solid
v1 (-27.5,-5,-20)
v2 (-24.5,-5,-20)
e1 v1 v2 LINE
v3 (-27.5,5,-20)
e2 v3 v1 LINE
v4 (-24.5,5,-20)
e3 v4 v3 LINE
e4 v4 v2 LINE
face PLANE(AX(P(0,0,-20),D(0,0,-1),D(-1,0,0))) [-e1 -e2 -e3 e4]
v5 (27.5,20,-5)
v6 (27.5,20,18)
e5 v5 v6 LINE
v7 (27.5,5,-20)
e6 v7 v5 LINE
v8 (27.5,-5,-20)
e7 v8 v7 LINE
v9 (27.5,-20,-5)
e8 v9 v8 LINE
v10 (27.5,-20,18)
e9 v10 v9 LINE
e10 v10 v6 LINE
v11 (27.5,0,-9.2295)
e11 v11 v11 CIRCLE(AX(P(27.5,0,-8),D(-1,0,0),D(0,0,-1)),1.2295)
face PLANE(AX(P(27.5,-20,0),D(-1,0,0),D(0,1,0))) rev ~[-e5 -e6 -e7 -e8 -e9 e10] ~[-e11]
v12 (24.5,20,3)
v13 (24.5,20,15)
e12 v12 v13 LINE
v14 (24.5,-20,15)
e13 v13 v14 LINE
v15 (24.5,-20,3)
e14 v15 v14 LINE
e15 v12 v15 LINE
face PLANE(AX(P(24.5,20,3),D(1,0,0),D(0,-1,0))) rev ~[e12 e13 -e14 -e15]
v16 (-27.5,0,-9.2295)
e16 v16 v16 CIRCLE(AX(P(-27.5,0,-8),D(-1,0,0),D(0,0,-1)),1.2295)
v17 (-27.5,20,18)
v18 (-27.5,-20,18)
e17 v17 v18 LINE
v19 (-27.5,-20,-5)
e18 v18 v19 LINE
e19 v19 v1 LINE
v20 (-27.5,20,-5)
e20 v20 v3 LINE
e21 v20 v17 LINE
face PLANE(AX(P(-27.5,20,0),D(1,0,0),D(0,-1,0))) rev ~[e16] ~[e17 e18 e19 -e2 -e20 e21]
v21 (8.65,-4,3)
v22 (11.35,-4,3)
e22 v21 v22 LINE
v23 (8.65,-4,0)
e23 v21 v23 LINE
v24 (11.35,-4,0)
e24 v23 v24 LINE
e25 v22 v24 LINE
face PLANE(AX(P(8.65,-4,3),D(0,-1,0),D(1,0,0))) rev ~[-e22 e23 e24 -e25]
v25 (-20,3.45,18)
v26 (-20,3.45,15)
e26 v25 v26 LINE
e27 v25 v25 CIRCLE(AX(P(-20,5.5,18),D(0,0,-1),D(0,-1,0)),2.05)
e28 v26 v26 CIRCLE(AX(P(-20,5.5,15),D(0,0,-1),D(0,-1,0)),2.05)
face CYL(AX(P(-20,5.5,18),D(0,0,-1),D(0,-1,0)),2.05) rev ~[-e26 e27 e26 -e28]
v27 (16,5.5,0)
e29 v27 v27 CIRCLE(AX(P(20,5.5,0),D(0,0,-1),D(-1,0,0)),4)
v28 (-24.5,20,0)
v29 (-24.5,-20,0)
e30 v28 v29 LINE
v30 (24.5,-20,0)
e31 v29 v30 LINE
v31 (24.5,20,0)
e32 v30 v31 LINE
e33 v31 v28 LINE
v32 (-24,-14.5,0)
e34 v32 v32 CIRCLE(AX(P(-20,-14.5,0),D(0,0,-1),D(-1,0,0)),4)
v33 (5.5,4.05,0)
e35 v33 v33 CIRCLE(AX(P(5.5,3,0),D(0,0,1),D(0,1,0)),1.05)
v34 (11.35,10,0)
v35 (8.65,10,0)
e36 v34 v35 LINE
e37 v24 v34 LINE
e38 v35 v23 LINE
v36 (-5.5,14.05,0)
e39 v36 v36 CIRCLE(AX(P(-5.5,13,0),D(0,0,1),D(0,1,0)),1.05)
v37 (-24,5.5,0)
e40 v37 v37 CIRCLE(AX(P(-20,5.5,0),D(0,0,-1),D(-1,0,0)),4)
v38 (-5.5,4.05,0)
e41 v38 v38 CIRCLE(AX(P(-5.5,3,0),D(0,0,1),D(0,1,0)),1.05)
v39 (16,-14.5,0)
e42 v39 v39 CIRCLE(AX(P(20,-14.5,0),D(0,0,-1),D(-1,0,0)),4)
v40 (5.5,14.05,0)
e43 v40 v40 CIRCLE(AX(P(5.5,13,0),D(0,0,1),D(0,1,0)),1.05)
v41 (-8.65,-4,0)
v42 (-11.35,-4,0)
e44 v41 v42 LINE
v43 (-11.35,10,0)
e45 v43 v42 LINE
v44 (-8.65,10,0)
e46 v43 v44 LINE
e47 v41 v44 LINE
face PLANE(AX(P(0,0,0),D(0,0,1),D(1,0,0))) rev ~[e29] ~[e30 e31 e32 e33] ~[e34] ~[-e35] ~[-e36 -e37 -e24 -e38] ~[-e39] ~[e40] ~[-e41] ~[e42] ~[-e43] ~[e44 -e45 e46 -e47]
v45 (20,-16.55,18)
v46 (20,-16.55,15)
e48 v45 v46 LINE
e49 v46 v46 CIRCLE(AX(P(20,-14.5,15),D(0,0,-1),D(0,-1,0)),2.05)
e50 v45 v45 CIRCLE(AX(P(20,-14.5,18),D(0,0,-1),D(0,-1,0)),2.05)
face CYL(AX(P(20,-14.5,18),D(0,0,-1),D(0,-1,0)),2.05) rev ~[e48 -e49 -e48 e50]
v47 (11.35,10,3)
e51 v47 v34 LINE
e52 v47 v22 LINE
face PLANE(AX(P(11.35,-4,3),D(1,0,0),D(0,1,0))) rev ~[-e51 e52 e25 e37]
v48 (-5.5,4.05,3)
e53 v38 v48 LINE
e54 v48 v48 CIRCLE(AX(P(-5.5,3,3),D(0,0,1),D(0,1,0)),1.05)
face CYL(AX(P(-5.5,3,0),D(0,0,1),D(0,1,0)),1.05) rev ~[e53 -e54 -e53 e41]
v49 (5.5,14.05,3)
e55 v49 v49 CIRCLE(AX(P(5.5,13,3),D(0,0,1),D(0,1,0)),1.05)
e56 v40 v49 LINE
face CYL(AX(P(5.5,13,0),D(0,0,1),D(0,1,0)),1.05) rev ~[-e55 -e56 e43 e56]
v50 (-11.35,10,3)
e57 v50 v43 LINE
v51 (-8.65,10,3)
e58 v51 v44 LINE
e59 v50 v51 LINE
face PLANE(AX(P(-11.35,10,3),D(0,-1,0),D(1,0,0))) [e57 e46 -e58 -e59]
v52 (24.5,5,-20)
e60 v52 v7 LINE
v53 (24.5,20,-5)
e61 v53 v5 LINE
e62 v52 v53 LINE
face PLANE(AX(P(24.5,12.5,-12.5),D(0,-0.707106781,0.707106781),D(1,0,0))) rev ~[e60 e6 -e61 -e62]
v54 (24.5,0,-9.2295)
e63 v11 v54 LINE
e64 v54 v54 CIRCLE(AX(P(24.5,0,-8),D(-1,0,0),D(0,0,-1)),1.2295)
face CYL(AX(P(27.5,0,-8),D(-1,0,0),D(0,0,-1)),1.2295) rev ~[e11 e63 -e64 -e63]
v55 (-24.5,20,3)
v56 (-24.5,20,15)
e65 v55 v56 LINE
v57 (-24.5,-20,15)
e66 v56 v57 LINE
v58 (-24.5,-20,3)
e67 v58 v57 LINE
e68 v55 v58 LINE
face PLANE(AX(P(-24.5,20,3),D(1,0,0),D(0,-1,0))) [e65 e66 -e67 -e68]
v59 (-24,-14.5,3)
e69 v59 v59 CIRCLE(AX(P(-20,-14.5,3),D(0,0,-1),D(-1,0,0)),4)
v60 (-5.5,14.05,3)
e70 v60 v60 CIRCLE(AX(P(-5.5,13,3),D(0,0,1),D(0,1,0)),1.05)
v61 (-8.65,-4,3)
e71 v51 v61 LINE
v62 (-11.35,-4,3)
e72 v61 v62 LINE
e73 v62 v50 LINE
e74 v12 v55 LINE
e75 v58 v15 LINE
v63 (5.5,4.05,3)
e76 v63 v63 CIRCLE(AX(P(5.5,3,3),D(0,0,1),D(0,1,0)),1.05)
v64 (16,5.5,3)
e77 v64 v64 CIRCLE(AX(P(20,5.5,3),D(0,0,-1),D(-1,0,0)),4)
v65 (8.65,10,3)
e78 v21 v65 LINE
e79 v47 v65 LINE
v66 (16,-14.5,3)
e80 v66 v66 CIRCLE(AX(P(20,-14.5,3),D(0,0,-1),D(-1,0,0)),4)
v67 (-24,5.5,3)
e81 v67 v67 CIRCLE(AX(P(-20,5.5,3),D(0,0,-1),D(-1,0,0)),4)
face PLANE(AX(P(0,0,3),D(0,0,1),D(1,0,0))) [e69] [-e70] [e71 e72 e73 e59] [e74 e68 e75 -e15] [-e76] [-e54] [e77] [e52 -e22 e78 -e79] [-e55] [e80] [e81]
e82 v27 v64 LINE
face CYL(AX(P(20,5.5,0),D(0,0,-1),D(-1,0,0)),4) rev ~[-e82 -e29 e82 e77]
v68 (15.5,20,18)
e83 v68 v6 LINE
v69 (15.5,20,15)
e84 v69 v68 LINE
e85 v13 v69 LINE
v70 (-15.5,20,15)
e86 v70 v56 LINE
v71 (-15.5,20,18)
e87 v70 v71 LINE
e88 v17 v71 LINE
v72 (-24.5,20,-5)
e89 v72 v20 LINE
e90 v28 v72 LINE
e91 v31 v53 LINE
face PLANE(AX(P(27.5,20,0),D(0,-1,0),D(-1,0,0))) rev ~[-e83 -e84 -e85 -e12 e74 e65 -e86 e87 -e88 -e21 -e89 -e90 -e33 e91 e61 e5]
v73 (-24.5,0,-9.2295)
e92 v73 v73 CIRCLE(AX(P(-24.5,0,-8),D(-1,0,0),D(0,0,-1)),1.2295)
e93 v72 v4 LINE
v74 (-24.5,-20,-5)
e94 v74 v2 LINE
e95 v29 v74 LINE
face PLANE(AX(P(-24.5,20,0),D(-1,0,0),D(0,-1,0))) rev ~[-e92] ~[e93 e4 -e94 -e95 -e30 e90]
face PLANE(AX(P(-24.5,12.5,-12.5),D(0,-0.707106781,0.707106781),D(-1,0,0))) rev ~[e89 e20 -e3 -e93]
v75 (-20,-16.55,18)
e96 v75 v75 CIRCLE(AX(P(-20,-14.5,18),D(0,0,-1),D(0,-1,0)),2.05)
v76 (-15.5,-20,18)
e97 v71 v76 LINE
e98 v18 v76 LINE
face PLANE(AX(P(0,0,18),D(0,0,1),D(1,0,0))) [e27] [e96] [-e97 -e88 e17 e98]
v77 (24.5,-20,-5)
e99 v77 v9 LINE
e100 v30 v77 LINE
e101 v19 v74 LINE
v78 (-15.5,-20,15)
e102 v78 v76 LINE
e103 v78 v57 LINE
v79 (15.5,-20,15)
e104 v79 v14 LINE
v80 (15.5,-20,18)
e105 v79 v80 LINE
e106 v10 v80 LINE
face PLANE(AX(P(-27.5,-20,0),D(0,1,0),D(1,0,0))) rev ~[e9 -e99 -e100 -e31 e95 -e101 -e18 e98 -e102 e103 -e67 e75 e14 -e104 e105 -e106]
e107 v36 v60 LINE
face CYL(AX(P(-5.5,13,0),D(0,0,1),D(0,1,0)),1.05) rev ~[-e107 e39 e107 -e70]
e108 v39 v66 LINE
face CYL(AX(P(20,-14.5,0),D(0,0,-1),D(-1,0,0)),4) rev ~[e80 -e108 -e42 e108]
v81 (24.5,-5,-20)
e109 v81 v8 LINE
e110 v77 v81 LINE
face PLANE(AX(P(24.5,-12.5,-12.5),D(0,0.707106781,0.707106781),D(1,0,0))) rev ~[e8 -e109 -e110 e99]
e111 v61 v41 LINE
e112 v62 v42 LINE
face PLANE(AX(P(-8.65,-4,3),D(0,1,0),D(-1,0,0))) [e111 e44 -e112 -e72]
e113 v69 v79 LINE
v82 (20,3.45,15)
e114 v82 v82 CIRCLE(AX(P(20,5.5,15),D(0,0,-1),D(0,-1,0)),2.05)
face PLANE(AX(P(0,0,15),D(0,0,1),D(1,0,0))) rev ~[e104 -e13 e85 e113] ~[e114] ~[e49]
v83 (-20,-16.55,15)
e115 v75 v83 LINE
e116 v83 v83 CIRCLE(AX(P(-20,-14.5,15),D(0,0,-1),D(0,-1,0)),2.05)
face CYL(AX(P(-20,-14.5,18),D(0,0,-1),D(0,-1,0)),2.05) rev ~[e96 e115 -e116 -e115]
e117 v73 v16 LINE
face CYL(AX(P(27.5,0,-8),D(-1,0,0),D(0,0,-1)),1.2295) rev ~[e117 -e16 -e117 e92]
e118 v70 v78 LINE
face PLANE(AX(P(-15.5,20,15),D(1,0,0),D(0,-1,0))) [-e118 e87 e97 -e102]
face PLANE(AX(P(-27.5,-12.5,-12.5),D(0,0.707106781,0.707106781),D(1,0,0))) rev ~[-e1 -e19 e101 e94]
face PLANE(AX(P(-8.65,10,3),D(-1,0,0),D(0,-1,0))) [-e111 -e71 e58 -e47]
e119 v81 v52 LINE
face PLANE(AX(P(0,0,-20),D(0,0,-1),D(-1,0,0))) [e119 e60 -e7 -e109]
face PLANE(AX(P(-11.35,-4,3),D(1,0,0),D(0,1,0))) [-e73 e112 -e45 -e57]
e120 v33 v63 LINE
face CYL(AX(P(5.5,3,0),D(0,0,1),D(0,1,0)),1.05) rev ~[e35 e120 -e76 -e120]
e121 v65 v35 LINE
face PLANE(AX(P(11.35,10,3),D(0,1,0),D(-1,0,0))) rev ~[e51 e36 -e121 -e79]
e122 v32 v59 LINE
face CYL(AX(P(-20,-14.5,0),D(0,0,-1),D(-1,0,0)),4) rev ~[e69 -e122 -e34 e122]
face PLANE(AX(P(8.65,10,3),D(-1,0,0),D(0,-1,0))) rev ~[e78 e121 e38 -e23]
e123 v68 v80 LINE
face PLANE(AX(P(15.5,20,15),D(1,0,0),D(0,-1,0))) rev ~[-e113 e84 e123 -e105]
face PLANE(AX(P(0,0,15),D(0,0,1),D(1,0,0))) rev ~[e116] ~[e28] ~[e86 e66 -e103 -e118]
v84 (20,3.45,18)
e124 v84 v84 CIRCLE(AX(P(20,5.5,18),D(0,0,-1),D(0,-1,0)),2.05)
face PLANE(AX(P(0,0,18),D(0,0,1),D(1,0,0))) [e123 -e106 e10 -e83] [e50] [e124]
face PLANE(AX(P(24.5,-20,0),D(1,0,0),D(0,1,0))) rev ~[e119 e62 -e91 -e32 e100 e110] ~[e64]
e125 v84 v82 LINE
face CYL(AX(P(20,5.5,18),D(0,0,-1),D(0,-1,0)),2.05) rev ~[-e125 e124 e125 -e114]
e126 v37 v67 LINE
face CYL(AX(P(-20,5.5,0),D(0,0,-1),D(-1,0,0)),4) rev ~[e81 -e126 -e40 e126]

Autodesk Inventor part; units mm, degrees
ref_plane "YZ Plane" through (0, 0, 0) normal (1, 0, 0) x (0, 1, 0)
ref_plane "XZ Plane" through (0, 0, 0) normal (0, 1, 0) x (-1, 0, 0)
ref_plane "XY Plane" through (0, 0, 0) normal (0, 0, 1) x (1, 0, 0)
sketch "Sketch1" plane through (0, 0, 0) normal (0, 0, 1) x (1, 0, 0)
  line L0 (27.5, 20) -> (-27.5, 20)
  line L1 (-27.5, 20) -> (-27.5, -20)
  line L2 (-27.5, -20) -> (27.5, -20)
  line L3 (27.5, -20) -> (27.5, 20)
  line L4 (27.5, 20) -> (-27.5, -20) construction
  line L5 (-27.5, 20) -> (27.5, -20) construction
  point P0 (0, 0)
  dimension "d0" = 55
  dimension "d1" = 40
extrude "Extrusion1" add sketch "Sketch1" along normal blind 3
sketch "Sketch2" plane through (0, 0, 3) normal (0, 0, 1) x (1, 0, 0)
  line L0 (27.5, 20) -> (-27.5, 20) projected
  line L1 (-27.5, 20) -> (-27.5, -20) projected
  line L2 (-27.5, -20) -> (27.5, -20) projected
  line L3 (27.5, -20) -> (27.5, 20) projected
  line L4 (-27.5, 20) -> (-24.5, 20)
  line L5 (-24.5, 20) -> (-24.5, -20)
  line L6 (-24.5, -20) -> (-27.5, -20)
  line L7 (-27.5, -20) -> (-27.5, 20)
  line L8 (27.5, 20) -> (24.5, 20)
  line L9 (24.5, 20) -> (24.5, -20)
  line L10 (24.5, -20) -> (27.5, -20)
  line L11 (27.5, -20) -> (27.5, 20)
  point P0 (0, 0)
  dimension "d4" = 3
  dimension "d5" = 3
extrude "Extrusion2" add sketch "Sketch2" along normal blind 12 contours L3 L2 L9 L0 | L5 L2 L1 L0
sketch "Sketch3" plane through (0, 0, 15) normal (0, 0, 1) x (1, 0, 0)
  line L0 (-27.5, 20) -> (-27.5, -20) projected
  line L1 (-27.5, -20) -> (-24.5, -20) projected
  line L2 (-24.5, -20) -> (-24.5, 20) projected
  line L3 (-24.5, 20) -> (-27.5, 20) projected
  line L4 (27.5, 20) -> (24.5, 20) projected
  line L5 (24.5, 20) -> (24.5, -20) projected
  line L6 (24.5, -20) -> (27.5, -20) projected
  line L7 (27.5, -20) -> (27.5, 20) projected
  line L8 (-27.5, -20) -> (27.5, -20) projected
  line L9 (-27.5, 20) -> (-15.5, 20)
  line L10 (-15.5, 20) -> (-15.5, -20)
  line L11 (-15.5, -20) -> (-27.5, -20)
  line L12 (-27.5, -20) -> (-27.5, 20)
  line L13 (27.5, 20) -> (15.5, 20)
  line L14 (15.5, 20) -> (15.5, -20)
  line L15 (15.5, -20) -> (27.5, -20)
  line L16 (27.5, -20) -> (27.5, 20)
  point P0 (0, 0)
  dimension "d8" = 12
  dimension "d9" = 12
extrude "Extrusion3" add sketch "Sketch3" along normal blind 3
sketch "Sketch4" plane through (0, 0, 18) normal (0, 0, 1) x (1, 0, 0)
  line L0 (-15.5, 20) -> (-27.5, 20) projected
  point P0 (0, 0)
  point P1 (-20, 5.5)
  point P2 (20, 5.5)
  point P3 (20, -14.5)
  point P4 (-20, -14.5)
  dimension "d12" = 40
  dimension "d13" = 20
  dimension "d14" = 14.5
  dimension "d15" = 20
hole "Hole1" at (-20, 5.5, 18) at (20, 5.5, 18) at (20, -14.5, 18) at (-20, -14.5, 18) direction (0, 0, -1) diameter 4.1 depth 8.8 tip angle 118
sketch "Sketch5" plane through (0, 0, 0) normal (0, 0, -1) x (-1, 0, 0)
  circle A0 centre (20, -14.5) radius 2.05 projected
  circle A1 centre (20, 5.5) radius 2.05 projected
  circle A2 centre (-20, 5.5) radius 2.05 projected
  circle A3 centre (-20, -14.5) radius 2.05 projected
  circle A4 centre (20, -14.5) radius 4
  circle A5 centre (-20, -14.5) radius 2.05 projected
  circle A6 centre (-20, -14.5) radius 4
  circle A7 centre (-20, 5.5) radius 4
  circle A8 centre (20, 5.5) radius 4
  point P0 (0, 0)
  dimension "d23" = 8
  dimension "d24" = 8
  dimension "d25" = 8
  dimension "d26" = 8
extrude "Extrusion4" cut sketch "Sketch5" against normal blind 3 contours A0 | A1 | A2 | A3 | A4 | A6 | A7 | A8
sketch "Sketch6" plane through (0, 0, 0) normal (0, 0, -1) x (-1, 0, 0)
  line L0 (-27.5, 20) -> (27.5, 20) projected
  point P0 (0, 0)
  point P1 (5.5, 3)
  point P2 (-5.5, 3)
  point P3 (-5.5, 13)
  point P4 (5.5, 13)
  dimension "d29" = 5.5
  dimension "d30" = 11
  dimension "d31" = 10
  dimension "d56" = 7
hole "Hole2" at (-5.5, 3, 0) at (5.5, 3, 0) at (5.5, 13, 0) at (-5.5, 13, 0) direction (0, 0, 1) diameter 2.1 depth 8.8 tip angle 118
sketch "Sketch8" plane through (0, 0, 0) normal (0, 0, -1) x (-1, 0, 0)
  line L0 (24.5, 20) -> (24.5, -20) projected
  line L1 (27.5, 20) -> (27.5, -20) projected
  line L2 (-24.5, -20) -> (-24.5, 20) projected
  line L3 (-27.5, -20) -> (-27.5, 20) projected
  line L4 (27.5, -20) -> (24.5, -20)
  line L5 (24.5, -20) -> (24.5, 20)
  line L6 (24.5, 20) -> (27.5, 20)
  line L7 (27.5, 20) -> (27.5, -20)
  line L8 (27.5, -20) -> (-27.5, -20) projected
  line L9 (-27.5, -20) -> (-24.5, -20)
  line L10 (-24.5, -20) -> (-24.5, 20)
  line L11 (-24.5, 20) -> (-27.5, 20)
  line L12 (-27.5, 20) -> (-27.5, -20)
  point P0 (0, 0)
extrude "Extrusion5" add sketch "Sketch8" along normal blind 20
sketch "Sketch9" plane through (27.5, -20, 18) normal (1, 0, 0) x (0, 0, -1)
  point P0 (18, 20)
chamfer "Chamfer1" distance 15 angle 45 1 edges at (26, -20, -20)
chamfer "Chamfer2" distance 15 angle 45 3 edges at (26, 20, -20) (-26, -20, -20) (-26, 20, -20)
sketch "Sketch11" plane through (27.5, -20, 18) normal (1, 0, 0) x (0, 0, -1)
  line L0 (38, 25) -> (38, 15) projected
  point P0 (18, 20)
  point P1 (26, 20)
  dimension "d48" = 12
hole "Hole3" at (27.5, 0, -8) direction (-1, 0, 0) diameter 2.459 end through all thread size "M3x0.5" class "6H" standard "ANSI Metric M Profile"
sketch "Sketch13" plane through (0, 0, 3) normal (0, 0, 1) x (1, 0, 0)
  line L0 (24.5, 20) -> (-24.5, 20) projected
  point P0 (0, 0)
  point P1 (-10, 1)
  point P2 (10, 1)
  dimension "d57" = 19
  dimension "d58" = 10
  dimension "d59" = 20
  dimension "d60" = 19
hole "Hole4" at (-10, 1, 3) at (10, 1, 3) direction (0, 0, -1) diameter 2.7 end through all
sketch "Sketch14" plane through (0, 0, 3) normal (0, 0, 1) x (1, 0, 0)
  line L0 (-8.65, -4) -> (-11.35, -4)
  line L1 (-11.35, -4) -> (-11.35, 10)
  line L2 (-11.35, 10) -> (-8.65, 10)
  line L3 (-8.65, 10) -> (-8.65, -4)
  line L4 (-8.65, -4) -> (-11.35, 10) construction
  line L5 (-11.35, -4) -> (-8.65, 10) construction
  line L6 (24.5, 20) -> (-24.5, 20) projected
  line L7 (11.35, 10) -> (8.65, 10)
  line L8 (8.65, 10) -> (8.65, -4)
  line L9 (8.65, -4) -> (11.35, -4)
  line L10 (11.35, -4) -> (11.35, 10)
  point P0 (0, 0)
  point P1 (-10, 3)
  point P2 (-10, 10)
  point P3 (10, 10)
  dimension "d68" = 2.7
  dimension "d69" = 10
  dimension "d70" = 7
  dimension "d71" = 10
  dimension "d72" = 2.7
  dimension "d73" = 10
  dimension "d74" = 14
  dimension "d75" = 10
extrude "Extrusion6" cut sketch "Sketch14" against normal through all
equation "\"d15\" = 0.5 * d12"
equation "\"d29\" = 0.5 * d30"
properties part number "attocube_holder" material "Koper"
